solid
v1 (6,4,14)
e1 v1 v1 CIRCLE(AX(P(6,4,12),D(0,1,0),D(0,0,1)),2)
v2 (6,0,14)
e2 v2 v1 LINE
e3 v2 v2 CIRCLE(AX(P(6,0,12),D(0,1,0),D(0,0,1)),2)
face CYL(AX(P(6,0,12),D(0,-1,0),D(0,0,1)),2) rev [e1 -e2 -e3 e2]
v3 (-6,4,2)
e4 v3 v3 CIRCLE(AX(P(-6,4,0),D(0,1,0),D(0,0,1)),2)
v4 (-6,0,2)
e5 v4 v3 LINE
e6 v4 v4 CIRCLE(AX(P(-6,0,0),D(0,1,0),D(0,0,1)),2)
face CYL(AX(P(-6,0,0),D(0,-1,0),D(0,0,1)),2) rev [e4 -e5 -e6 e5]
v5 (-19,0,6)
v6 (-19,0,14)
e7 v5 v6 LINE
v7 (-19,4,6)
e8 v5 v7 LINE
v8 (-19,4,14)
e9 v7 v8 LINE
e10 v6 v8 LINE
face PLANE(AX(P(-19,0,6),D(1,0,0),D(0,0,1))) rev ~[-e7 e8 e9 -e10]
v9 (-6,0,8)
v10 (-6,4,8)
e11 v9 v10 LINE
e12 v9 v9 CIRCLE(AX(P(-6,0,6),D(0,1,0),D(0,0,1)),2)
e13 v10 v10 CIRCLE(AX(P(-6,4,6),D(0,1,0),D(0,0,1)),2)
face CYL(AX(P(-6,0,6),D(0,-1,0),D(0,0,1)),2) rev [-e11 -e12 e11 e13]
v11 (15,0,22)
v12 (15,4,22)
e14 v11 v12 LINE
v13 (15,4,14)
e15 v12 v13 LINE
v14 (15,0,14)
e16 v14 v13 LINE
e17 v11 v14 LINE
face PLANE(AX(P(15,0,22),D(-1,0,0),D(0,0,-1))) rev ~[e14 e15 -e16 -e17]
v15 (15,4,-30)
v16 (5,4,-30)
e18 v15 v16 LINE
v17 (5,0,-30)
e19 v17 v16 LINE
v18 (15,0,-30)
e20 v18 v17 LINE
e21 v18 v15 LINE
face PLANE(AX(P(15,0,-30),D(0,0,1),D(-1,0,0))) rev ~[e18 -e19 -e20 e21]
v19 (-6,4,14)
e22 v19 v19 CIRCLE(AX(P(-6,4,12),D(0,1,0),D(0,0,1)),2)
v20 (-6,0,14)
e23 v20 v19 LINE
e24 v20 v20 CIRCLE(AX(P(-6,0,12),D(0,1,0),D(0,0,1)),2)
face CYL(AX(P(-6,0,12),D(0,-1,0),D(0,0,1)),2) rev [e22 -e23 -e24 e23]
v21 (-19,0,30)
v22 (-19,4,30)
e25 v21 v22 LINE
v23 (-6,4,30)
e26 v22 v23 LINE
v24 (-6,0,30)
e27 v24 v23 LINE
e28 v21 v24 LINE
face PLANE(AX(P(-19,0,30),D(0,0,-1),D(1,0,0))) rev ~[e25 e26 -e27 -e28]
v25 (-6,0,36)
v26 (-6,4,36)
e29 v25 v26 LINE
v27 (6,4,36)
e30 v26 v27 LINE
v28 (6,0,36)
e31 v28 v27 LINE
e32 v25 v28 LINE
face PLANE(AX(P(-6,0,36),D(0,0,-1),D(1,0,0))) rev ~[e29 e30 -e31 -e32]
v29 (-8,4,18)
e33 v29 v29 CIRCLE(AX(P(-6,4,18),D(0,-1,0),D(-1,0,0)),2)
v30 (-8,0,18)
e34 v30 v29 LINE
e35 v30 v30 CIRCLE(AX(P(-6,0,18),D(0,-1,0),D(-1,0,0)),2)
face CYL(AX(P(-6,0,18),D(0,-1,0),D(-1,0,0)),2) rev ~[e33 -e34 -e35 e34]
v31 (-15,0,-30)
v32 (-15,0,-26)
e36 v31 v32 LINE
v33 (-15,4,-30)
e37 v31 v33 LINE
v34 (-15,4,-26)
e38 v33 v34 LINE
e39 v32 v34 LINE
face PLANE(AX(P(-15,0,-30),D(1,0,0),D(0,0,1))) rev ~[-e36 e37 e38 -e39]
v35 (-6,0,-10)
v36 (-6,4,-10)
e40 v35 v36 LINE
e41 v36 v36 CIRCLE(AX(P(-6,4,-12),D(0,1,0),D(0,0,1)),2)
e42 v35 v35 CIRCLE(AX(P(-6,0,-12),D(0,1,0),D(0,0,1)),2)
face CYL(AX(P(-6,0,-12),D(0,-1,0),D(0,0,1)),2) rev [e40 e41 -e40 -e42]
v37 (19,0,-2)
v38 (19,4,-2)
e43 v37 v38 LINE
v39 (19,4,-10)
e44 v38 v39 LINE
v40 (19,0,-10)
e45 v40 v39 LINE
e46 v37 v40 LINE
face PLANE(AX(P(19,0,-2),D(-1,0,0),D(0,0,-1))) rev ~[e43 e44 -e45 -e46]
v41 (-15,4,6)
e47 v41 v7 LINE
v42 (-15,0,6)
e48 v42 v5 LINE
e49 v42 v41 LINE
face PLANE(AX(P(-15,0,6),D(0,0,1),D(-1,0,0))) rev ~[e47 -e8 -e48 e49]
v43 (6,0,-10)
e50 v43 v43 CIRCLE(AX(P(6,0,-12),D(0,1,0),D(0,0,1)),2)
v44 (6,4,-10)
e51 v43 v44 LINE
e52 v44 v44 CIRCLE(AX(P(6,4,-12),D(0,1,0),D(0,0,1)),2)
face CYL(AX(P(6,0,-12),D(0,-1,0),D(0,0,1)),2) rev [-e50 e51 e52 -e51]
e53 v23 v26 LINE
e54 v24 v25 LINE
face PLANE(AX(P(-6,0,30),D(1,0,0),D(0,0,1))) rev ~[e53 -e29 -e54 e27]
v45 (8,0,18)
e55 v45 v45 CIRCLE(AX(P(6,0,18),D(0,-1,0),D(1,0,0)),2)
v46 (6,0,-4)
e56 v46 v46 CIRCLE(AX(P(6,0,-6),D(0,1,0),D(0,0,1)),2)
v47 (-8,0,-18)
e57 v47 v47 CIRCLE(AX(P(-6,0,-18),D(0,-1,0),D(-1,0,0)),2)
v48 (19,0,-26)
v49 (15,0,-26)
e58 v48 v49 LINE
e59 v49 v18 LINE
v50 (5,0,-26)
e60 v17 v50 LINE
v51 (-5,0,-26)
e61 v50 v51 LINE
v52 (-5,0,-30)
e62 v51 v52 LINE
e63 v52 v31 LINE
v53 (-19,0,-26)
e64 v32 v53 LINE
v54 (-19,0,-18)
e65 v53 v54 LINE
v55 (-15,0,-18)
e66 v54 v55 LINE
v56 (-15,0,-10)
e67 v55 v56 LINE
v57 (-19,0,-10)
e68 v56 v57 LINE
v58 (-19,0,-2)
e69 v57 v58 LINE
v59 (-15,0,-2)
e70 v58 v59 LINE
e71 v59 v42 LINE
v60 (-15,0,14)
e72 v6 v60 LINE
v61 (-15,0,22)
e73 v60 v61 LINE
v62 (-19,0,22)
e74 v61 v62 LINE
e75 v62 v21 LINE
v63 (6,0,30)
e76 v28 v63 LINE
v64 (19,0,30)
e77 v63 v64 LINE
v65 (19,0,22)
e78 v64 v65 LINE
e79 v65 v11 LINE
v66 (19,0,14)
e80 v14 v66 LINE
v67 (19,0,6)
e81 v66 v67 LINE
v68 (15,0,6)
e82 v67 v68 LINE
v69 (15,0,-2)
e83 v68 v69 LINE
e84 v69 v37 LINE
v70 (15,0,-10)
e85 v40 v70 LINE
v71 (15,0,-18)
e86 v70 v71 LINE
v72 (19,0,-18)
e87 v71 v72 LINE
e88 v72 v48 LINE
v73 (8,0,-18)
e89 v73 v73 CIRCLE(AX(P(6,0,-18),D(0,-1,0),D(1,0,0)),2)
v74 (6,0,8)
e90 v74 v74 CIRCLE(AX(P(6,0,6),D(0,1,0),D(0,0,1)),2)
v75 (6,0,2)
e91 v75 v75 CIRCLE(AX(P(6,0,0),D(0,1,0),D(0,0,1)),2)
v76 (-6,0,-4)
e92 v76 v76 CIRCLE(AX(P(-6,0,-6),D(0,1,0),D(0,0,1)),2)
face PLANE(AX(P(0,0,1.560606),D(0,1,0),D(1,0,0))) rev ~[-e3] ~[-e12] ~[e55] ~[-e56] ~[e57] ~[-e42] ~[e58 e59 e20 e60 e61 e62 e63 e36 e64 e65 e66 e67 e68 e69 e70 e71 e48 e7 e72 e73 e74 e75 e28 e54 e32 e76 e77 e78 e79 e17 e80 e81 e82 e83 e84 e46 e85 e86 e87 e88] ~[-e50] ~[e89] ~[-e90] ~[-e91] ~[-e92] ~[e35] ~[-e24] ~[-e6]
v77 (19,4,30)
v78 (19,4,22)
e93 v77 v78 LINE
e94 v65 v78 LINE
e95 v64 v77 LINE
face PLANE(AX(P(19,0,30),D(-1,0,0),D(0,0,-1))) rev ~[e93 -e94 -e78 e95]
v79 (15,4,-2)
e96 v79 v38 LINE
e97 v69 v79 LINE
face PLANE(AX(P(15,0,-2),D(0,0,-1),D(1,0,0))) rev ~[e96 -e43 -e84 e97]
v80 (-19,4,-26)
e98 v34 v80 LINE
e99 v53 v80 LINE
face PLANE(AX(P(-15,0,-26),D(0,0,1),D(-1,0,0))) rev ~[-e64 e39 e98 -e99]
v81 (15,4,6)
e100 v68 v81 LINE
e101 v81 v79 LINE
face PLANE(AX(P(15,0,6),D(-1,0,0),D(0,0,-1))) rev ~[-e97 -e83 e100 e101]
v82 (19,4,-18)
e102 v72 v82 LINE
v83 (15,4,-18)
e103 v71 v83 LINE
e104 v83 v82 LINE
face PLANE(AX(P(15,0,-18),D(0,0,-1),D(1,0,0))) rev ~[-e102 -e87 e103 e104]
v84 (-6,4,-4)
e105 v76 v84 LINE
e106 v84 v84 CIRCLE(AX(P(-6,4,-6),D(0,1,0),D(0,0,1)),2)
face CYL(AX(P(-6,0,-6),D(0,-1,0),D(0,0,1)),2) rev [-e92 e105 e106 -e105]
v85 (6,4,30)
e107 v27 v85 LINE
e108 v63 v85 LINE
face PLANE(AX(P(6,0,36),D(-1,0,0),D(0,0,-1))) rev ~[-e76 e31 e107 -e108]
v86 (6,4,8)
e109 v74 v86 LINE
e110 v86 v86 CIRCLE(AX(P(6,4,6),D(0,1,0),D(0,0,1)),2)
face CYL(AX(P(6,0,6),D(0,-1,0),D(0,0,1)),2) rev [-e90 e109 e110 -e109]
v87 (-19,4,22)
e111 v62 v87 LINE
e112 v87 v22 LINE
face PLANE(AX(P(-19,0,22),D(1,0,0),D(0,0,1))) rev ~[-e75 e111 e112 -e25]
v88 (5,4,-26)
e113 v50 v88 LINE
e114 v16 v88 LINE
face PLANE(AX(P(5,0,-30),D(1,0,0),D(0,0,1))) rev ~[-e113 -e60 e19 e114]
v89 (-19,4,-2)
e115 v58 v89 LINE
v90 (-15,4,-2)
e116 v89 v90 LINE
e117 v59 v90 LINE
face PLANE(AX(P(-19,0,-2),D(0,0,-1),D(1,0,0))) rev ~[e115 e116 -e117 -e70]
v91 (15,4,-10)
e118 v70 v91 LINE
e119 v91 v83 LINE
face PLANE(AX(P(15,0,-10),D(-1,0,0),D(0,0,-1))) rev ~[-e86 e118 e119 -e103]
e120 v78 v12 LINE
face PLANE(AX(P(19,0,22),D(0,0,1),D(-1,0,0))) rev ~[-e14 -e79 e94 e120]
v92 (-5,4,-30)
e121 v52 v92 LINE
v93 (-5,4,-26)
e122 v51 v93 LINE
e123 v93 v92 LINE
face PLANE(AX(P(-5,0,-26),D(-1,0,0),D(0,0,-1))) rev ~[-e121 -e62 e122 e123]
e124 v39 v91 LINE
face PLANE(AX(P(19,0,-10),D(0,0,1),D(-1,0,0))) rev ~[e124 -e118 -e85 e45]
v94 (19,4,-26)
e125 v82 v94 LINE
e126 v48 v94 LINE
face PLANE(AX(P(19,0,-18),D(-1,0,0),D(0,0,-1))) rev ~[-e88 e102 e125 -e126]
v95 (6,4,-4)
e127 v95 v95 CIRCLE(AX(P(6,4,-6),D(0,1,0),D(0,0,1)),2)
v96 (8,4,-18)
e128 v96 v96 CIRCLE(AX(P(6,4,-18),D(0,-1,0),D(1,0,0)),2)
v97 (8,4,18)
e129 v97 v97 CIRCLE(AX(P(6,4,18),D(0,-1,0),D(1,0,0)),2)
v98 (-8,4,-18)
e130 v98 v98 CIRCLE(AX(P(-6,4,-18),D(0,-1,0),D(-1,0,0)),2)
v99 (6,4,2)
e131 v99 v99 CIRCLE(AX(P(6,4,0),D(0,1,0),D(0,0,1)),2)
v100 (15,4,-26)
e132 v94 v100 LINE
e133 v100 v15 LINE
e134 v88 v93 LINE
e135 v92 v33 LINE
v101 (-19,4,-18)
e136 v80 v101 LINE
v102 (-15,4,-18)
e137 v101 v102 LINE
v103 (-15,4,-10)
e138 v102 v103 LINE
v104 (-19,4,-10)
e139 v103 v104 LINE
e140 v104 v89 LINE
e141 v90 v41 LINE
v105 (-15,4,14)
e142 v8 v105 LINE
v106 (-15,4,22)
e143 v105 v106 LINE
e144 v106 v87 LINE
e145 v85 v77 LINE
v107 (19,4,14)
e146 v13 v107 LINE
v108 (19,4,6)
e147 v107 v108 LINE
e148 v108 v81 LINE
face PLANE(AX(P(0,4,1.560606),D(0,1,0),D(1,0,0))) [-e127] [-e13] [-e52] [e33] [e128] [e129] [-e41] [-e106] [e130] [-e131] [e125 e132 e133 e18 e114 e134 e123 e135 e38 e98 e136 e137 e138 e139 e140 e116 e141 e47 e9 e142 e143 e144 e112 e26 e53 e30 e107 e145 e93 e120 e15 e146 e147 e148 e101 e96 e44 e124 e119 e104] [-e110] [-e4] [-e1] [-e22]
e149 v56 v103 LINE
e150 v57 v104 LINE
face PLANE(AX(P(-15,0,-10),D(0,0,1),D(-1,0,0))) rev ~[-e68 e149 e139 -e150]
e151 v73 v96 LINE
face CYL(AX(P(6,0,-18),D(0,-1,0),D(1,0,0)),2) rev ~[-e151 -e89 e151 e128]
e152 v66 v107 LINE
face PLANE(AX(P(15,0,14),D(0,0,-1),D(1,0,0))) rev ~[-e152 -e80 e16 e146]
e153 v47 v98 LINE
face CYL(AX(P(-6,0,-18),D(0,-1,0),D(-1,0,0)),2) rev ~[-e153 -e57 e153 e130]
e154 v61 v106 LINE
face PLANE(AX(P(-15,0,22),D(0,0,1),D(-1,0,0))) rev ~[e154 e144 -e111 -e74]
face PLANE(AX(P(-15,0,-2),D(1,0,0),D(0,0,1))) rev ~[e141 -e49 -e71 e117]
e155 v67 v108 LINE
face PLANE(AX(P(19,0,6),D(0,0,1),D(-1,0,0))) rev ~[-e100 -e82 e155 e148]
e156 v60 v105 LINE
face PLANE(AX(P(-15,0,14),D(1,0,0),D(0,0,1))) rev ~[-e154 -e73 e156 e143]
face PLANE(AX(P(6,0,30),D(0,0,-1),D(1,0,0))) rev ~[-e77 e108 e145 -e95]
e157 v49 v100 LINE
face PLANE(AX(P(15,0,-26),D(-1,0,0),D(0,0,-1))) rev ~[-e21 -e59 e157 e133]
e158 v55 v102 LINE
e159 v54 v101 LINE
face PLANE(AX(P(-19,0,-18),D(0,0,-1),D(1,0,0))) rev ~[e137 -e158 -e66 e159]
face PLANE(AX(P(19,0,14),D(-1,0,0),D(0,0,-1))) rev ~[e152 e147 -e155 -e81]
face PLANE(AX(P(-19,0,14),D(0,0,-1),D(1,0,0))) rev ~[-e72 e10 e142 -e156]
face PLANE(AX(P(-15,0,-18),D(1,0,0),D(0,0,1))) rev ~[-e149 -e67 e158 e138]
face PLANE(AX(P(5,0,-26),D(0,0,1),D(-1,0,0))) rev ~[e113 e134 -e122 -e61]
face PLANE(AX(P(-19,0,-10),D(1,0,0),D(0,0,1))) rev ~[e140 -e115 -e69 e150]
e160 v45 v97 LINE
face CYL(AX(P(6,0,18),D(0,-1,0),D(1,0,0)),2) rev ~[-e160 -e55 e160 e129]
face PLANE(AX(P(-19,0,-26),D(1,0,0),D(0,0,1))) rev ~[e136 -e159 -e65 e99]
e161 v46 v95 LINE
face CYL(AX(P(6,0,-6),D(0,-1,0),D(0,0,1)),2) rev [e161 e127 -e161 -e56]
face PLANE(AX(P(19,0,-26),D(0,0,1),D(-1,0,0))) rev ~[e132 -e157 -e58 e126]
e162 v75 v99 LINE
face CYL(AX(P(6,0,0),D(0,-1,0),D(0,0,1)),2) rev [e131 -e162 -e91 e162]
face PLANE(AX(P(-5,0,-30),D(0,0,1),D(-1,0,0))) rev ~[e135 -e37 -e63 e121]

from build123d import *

# Parameters (mm, degrees)
SKETCH1_R           = 2
BOSS_EXTRUDE1_DEPTH = 4


with BuildPart() as part:
    # Sketch1 → Boss-Extrude1 (new body)
    with BuildSketch(Plane(origin=(0, 0, 0), x_dir=(1, 0, 0), z_dir=(0, 1, 0))):
        Polygon((5, 26), (-5, 26), (-5, 30), (-15, 30), (-15, 26), (-19, 26), (-19, 18), (-15, 18), (-15, 10), (-19, 10), (-19, 2), (-15, 2), (-15, -6), (-19, -6), (-19, -14), (-15, -14), (-15, -22), (-19, -22), (-19, -30), (-15, -30), (-6, -30), (-6, -36), (6, -36), (6, -30), (15, -30), (19, -30), (19, -22), (15, -22), (15, -14), (19, -14), (19, -6), (15, -6), (15, 2), (19, 2), (19, 10), (15, 10), (15, 18), (19, 18), (19, 26), (15, 26), (15, 30), (5, 30), align=None)
        with BuildLine():
            ThreePointArc((-4, -18), (-6, -20), (-8, -18))
            ThreePointArc((-8, -18), (-6, -16), (-4, -18))
        make_face(mode=Mode.SUBTRACT)
        with Locations(Location((-6, -12, 0), (0, 0, 270))):
            Circle(SKETCH1_R, mode=Mode.SUBTRACT)
        with Locations(Location((-6, -6, 0), (0, 0, 270))):
            Circle(SKETCH1_R, mode=Mode.SUBTRACT)
        with BuildLine():
            ThreePointArc((4, -18), (6, -16), (8, -18))
            ThreePointArc((8, -18), (6, -20), (4, -18))
        make_face(mode=Mode.SUBTRACT)
        with Locations(Location((6, -12, 0), (0, 0, 270))):
            Circle(SKETCH1_R, mode=Mode.SUBTRACT)
        with Locations(Location((6, -6, 0), (0, 0, 270))):
            Circle(SKETCH1_R, mode=Mode.SUBTRACT)
        with Locations(Location((-6, 0, 0), (0, 0, 270))):
            Circle(SKETCH1_R, mode=Mode.SUBTRACT)
        with Locations(Location((-6, 6, 0), (0, 0, 270))):
            Circle(SKETCH1_R, mode=Mode.SUBTRACT)
        with Locations(Location((-6, 12, 0), (0, 0, 270))):
            Circle(SKETCH1_R, mode=Mode.SUBTRACT)
        with BuildLine():
            ThreePointArc((-4, 18), (-6, 16), (-8, 18))
            ThreePointArc((-8, 18), (-6, 20), (-4, 18))
        make_face(mode=Mode.SUBTRACT)
        with Locations(Location((6, 0, 0), (0, 0, 270))):
            Circle(SKETCH1_R, mode=Mode.SUBTRACT)
        with Locations(Location((6, 6, 0), (0, 0, 270))):
            Circle(SKETCH1_R, mode=Mode.SUBTRACT)
        with Locations(Location((6, 12, 0), (0, 0, 270))):
            Circle(SKETCH1_R, mode=Mode.SUBTRACT)
        with BuildLine():
            ThreePointArc((4, 18), (6, 20), (8, 18))
            ThreePointArc((8, 18), (6, 16), (4, 18))
        make_face(mode=Mode.SUBTRACT)
    extrude(amount=BOSS_EXTRUDE1_DEPTH)


solid = part.part
